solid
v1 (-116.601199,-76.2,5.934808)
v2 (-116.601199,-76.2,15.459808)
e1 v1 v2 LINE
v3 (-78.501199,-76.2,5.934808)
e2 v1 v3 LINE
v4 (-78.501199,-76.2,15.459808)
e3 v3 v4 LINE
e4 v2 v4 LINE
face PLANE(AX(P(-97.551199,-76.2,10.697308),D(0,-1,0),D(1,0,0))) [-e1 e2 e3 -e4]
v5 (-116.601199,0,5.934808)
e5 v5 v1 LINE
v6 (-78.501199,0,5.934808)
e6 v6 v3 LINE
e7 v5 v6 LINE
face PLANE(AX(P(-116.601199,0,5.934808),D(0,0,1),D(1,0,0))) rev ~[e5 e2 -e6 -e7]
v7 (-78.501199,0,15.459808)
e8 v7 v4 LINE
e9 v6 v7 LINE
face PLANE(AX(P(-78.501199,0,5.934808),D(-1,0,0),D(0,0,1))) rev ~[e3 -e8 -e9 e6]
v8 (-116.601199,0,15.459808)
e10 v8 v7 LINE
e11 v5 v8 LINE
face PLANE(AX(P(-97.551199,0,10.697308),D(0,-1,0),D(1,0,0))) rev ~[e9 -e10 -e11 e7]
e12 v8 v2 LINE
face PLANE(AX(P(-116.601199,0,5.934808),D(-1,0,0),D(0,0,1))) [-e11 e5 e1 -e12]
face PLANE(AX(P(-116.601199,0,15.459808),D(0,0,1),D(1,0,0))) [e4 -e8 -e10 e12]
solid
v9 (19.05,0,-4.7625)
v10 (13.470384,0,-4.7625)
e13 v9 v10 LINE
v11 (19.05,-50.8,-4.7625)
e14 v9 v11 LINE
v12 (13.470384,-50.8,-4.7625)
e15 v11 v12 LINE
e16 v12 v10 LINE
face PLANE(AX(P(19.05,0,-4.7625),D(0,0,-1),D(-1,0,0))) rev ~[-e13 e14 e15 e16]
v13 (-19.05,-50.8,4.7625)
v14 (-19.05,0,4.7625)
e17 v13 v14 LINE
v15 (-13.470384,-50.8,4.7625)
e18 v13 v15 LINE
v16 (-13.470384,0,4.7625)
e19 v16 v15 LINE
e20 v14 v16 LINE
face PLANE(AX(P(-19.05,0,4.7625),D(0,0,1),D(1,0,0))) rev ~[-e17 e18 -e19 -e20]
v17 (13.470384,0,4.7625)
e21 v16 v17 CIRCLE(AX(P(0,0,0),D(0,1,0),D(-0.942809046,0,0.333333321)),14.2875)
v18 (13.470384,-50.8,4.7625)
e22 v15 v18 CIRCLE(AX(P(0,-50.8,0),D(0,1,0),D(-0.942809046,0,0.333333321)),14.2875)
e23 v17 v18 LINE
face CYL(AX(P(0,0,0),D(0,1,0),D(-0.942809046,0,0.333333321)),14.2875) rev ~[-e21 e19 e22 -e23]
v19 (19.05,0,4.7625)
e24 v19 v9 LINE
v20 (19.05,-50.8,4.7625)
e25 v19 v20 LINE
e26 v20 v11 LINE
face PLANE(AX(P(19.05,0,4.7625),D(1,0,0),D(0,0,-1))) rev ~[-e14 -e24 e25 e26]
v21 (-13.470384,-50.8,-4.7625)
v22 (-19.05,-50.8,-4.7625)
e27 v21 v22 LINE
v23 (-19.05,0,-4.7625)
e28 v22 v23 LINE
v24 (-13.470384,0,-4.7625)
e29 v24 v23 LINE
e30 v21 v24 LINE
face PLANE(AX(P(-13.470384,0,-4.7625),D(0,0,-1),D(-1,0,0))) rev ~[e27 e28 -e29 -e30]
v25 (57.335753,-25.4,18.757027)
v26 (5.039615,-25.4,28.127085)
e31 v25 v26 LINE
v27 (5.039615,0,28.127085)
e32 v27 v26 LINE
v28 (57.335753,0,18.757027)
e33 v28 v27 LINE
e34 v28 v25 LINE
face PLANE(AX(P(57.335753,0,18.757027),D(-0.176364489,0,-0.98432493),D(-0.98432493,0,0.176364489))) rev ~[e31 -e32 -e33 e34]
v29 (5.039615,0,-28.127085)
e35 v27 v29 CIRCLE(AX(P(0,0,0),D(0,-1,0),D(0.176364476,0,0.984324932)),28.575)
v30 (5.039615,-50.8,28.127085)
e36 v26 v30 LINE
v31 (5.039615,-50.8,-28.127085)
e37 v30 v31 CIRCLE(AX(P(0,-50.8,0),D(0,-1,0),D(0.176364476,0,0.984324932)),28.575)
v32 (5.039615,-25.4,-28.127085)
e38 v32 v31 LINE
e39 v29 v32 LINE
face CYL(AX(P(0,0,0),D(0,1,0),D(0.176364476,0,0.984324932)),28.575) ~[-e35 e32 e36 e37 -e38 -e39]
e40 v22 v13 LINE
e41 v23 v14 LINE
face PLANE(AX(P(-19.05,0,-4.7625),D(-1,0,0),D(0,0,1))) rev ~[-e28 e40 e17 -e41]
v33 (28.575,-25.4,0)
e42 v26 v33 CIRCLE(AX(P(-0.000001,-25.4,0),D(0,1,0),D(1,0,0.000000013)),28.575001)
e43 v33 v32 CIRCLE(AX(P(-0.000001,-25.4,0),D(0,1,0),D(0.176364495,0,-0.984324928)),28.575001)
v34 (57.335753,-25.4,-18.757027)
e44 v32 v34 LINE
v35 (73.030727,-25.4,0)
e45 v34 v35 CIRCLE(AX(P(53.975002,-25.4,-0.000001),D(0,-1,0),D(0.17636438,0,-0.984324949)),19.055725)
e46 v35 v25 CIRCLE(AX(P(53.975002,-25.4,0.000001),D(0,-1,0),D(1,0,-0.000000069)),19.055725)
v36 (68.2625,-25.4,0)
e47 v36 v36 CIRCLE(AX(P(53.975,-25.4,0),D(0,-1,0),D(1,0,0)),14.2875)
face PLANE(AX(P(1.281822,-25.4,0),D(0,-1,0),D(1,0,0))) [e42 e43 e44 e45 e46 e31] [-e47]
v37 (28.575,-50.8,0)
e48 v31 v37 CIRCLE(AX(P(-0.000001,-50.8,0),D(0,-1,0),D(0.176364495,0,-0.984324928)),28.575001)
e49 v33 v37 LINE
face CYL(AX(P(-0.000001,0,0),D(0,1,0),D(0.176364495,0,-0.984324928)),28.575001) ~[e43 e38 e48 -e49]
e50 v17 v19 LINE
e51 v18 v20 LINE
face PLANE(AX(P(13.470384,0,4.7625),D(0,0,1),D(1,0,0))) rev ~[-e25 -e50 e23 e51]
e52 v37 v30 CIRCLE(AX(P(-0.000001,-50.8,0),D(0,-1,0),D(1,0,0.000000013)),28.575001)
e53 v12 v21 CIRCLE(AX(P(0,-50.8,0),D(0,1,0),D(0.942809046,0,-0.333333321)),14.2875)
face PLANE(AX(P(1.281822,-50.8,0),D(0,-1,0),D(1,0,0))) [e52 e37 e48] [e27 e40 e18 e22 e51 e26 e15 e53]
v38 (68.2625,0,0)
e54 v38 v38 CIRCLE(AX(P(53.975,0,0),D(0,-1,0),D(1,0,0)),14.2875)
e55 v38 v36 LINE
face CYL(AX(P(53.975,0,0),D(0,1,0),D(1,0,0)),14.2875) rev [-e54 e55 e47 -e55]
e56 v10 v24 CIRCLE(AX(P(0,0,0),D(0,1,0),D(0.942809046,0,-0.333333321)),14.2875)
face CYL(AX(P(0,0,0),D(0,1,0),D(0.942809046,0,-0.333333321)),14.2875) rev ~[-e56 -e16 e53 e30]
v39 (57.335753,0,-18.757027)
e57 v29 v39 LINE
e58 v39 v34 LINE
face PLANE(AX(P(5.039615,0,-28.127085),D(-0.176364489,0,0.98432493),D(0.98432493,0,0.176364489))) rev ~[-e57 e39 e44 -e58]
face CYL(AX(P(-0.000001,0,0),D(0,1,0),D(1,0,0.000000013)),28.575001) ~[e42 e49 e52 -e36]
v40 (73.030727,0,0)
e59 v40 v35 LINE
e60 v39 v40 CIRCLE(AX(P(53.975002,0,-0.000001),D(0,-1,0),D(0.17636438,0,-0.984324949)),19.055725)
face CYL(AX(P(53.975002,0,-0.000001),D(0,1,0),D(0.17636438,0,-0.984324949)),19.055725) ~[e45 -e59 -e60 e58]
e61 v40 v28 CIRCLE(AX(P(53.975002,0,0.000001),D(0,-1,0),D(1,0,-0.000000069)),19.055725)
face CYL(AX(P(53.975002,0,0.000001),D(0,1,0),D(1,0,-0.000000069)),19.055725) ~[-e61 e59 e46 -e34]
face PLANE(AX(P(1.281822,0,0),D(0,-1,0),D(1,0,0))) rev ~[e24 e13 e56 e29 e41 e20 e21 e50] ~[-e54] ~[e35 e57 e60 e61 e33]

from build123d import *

# Parameters (mm, degrees)
F0_R     = 14.2875
F1_DEPTH = 25.4
F2_DEPTH = 50.8
F3_W     = 38.1
F3_H     = 9.525
F4_DEPTH = 76.2


with BuildPart() as f1:
    # F0 (on Front) → F1 (new body)
    with BuildSketch(Plane.XZ):
        with BuildLine():
            ThreePointArc((5.039615, -28.127085), (21.915036, -18.337443), (28.575, 0))
            ThreePointArc((28.575, 0), (21.915036, 18.337443), (5.039615, 28.127085))
            ThreePointArc((5.039615, 28.127085), (-28.575, 0), (5.039615, -28.127085))
        make_face()
        with BuildLine():
            ThreePointArc((-13.470384, 4.7625), (0, 14.2875), (13.470384, 4.7625))
            Line((13.470384, 4.7625), (19.05, 4.7625))
            Line((19.05, 4.7625), (19.05, -4.7625))
            Line((19.05, -4.7625), (13.470384, -4.7625))
            ThreePointArc((13.470384, -4.7625), (0, -14.2875), (-13.470384, -4.7625))
            Line((-13.470384, -4.7625), (-19.05, -4.7625))
            Line((-19.05, -4.7625), (-19.05, 4.7625))
            Line((-19.05, 4.7625), (-13.470384, 4.7625))
        make_face(mode=Mode.SUBTRACT)
        with BuildLine():
            ThreePointArc((5.039615, 28.127085), (21.915036, 18.337443), (28.575, 0))
            ThreePointArc((28.575, 0), (21.915036, -18.337443), (5.039615, -28.127085))
            Line((5.039615, -28.127085), (57.335753, -18.757027))
            ThreePointArc((57.335753, -18.757027), (34.919273, 0), (57.335753, 18.757027))
            Line((57.335753, 18.757027), (5.039615, 28.127085))
        make_face()
        with BuildLine():
            ThreePointArc((73.030727, 0), (68.589417, 12.228637), (57.335753, 18.757027))
            ThreePointArc((57.335753, 18.757027), (34.919273, 0), (57.335753, -18.757027))
            ThreePointArc((57.335753, -18.757027), (68.589417, -12.228637), (73.030727, 0))
        make_face()
        with Locations((53.975, 0)):
            Circle(F0_R, mode=Mode.SUBTRACT)
    extrude(amount=F1_DEPTH)

    # F0 (on Front) → F2 (join)
    with BuildSketch(Plane.XZ):
        with BuildLine():
            ThreePointArc((5.039615, -28.127085), (21.915036, -18.337443), (28.575, 0))
            ThreePointArc((28.575, 0), (21.915036, 18.337443), (5.039615, 28.127085))
            ThreePointArc((5.039615, 28.127085), (-28.575, 0), (5.039615, -28.127085))
        make_face()
        with BuildLine():
            ThreePointArc((-13.470384, 4.7625), (0, 14.2875), (13.470384, 4.7625))
            Line((13.470384, 4.7625), (19.05, 4.7625))
            Line((19.05, 4.7625), (19.05, -4.7625))
            Line((19.05, -4.7625), (13.470384, -4.7625))
            ThreePointArc((13.470384, -4.7625), (0, -14.2875), (-13.470384, -4.7625))
            Line((-13.470384, -4.7625), (-19.05, -4.7625))
            Line((-19.05, -4.7625), (-19.05, 4.7625))
            Line((-19.05, 4.7625), (-13.470384, 4.7625))
        make_face(mode=Mode.SUBTRACT)
    extrude(amount=F2_DEPTH)


with BuildPart() as f4:
    # F3 (on Front) → F4 (new body)
    with BuildSketch(Plane.XZ):
        with Locations((-97.551199, 10.697308)):
            Rectangle(F3_W, F3_H)
    extrude(amount=F4_DEPTH)


solid = Compound([f1.part, f4.part])
